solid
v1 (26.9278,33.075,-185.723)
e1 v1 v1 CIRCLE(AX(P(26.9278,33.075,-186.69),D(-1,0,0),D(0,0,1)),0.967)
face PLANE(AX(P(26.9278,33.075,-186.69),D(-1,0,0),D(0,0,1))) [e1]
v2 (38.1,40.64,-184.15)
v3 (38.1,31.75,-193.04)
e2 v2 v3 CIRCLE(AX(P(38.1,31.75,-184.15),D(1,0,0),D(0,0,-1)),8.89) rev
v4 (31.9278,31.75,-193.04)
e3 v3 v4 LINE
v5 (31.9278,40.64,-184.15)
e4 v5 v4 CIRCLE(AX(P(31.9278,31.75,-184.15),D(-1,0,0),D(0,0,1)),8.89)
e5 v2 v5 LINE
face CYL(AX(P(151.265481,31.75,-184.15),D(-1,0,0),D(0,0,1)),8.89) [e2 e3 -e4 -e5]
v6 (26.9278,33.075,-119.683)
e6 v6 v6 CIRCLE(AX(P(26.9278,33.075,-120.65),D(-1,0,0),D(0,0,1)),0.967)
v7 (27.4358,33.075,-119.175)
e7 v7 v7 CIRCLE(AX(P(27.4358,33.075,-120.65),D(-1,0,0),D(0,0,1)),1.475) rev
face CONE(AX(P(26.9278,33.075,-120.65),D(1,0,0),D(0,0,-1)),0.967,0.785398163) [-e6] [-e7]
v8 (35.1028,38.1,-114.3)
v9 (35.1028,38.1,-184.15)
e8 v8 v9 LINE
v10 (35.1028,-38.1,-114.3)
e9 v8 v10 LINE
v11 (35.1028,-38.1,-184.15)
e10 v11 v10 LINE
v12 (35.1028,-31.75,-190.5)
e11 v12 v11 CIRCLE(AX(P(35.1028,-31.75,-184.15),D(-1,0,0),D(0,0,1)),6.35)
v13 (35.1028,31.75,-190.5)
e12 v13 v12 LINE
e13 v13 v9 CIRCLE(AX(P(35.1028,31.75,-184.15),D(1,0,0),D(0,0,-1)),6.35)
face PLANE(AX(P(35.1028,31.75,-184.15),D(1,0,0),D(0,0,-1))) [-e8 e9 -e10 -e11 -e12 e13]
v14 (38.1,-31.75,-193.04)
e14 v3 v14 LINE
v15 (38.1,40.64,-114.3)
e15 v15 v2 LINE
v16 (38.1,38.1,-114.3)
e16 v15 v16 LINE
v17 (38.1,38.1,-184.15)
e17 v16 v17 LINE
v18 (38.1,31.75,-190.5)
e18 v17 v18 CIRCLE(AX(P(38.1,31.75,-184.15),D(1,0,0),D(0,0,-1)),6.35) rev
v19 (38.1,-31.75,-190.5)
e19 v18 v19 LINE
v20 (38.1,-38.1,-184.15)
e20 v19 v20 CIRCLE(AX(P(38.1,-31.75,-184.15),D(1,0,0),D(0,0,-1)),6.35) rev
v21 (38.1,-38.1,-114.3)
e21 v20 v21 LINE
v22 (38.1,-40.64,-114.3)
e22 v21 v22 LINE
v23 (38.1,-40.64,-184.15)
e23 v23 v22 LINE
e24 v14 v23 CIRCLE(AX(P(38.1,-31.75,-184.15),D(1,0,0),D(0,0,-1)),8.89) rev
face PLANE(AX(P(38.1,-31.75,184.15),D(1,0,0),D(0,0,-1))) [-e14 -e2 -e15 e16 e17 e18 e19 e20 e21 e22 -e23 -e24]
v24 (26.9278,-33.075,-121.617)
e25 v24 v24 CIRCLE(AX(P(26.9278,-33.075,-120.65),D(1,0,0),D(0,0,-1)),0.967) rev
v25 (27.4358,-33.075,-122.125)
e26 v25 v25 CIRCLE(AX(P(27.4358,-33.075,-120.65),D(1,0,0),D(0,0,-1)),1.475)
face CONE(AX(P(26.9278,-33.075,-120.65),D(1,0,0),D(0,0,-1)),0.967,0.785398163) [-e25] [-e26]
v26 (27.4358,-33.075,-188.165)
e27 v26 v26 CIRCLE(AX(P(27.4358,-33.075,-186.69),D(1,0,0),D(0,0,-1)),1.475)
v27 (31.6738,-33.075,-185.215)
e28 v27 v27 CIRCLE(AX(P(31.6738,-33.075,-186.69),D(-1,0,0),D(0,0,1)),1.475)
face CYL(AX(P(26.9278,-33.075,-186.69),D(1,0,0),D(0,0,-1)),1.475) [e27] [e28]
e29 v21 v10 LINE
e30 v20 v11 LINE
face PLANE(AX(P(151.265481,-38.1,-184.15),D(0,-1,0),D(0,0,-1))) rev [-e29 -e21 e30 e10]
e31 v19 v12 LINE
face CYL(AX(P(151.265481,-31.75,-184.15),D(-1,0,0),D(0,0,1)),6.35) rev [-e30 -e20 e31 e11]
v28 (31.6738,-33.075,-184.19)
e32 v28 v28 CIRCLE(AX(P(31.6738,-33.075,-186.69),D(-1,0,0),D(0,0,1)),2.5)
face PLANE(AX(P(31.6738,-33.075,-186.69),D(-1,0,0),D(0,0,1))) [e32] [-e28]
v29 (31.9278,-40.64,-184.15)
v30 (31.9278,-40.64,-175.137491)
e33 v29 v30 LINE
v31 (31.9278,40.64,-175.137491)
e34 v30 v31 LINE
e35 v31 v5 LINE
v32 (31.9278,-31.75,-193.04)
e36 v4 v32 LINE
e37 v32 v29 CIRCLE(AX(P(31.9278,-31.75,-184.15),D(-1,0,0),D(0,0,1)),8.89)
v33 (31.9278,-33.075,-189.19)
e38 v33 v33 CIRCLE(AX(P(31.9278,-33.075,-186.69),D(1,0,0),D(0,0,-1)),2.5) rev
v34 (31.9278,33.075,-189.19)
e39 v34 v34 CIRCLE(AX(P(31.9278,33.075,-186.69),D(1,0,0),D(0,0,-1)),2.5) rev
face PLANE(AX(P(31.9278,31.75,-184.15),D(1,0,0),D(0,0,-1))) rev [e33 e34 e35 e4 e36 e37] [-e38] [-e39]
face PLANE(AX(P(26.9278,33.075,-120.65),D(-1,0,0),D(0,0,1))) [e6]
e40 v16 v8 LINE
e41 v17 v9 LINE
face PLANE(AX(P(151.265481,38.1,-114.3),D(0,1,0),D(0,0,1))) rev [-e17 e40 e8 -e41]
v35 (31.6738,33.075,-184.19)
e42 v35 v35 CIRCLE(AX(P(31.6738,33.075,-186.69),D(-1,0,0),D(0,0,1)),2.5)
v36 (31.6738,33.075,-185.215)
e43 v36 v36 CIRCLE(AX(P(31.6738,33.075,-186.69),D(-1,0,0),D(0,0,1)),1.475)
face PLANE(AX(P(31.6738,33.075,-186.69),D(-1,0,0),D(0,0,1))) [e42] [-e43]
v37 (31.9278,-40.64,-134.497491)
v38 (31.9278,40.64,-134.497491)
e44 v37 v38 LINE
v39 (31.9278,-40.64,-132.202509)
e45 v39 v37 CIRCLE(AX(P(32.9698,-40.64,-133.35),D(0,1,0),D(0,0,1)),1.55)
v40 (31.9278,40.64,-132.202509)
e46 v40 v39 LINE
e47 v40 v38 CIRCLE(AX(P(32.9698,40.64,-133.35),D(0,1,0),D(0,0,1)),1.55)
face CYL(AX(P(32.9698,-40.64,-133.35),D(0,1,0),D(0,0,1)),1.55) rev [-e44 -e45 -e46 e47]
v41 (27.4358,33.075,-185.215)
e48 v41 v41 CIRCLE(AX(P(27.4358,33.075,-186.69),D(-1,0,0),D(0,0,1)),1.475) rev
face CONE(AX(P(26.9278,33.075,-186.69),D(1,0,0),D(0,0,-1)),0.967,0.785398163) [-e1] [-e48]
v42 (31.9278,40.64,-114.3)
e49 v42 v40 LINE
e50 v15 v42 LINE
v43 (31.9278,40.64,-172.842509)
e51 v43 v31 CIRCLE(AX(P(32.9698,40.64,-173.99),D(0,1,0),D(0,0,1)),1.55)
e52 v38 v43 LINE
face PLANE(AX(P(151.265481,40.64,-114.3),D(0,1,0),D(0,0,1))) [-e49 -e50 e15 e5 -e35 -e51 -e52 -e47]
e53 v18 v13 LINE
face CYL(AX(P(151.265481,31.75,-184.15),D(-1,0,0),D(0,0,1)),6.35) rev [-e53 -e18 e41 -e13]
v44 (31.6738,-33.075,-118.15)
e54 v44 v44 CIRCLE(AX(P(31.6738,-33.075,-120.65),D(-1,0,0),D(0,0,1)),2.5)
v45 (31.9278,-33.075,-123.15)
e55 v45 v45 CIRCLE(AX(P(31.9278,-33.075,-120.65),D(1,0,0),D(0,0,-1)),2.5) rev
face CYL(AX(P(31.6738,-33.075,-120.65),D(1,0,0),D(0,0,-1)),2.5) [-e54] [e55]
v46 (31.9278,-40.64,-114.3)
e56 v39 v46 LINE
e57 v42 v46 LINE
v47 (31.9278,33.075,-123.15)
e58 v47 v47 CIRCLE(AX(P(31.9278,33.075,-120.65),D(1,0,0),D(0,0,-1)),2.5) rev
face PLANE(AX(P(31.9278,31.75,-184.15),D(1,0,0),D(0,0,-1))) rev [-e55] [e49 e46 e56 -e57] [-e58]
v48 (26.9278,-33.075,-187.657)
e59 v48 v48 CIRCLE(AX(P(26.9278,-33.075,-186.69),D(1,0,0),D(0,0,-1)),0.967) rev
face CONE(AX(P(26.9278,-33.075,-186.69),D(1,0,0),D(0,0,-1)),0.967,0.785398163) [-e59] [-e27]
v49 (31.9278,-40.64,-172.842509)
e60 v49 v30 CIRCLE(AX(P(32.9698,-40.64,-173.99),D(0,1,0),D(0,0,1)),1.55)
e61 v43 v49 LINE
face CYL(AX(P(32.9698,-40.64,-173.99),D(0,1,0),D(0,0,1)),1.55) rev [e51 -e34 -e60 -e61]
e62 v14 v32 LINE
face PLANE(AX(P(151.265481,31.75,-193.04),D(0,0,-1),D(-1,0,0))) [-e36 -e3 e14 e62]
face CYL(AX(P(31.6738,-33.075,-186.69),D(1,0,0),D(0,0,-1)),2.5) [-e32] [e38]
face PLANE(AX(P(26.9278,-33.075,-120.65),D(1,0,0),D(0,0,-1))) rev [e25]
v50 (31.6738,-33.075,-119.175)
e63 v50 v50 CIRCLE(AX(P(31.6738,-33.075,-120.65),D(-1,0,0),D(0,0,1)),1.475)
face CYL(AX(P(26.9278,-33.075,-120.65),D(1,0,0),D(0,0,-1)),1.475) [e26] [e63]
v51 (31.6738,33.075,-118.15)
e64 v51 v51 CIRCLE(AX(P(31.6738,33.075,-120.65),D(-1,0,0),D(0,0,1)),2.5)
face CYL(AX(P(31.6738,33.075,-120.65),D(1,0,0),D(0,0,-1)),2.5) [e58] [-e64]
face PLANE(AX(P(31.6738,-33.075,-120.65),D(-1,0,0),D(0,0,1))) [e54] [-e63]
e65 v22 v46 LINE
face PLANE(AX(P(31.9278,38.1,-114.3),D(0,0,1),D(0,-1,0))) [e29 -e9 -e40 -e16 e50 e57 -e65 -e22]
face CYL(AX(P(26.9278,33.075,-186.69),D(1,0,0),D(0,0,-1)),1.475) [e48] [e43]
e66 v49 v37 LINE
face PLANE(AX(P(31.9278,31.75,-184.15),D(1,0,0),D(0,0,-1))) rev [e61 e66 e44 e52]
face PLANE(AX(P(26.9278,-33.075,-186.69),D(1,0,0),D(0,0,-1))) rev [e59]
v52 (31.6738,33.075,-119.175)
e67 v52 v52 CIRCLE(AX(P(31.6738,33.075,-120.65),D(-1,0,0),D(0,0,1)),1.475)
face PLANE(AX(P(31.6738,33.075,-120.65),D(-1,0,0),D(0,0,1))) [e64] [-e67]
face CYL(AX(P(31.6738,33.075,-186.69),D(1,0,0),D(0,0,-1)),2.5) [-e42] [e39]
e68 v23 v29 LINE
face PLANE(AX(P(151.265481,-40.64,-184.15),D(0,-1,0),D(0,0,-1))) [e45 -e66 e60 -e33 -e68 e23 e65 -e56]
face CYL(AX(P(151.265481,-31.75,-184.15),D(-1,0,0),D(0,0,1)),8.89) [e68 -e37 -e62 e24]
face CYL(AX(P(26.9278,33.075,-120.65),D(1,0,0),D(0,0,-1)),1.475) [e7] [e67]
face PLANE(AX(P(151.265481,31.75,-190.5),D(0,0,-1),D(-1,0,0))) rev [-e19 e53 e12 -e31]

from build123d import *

# Parameters (mm, degrees)
BOSS_EXTRUDE1_DEPTH = 3.175
EXTRUDE_THIN1_START = -6.1722
EXTRUDE_THIN1_DEPTH = 6.1722
SKETCH5_R           = 1.475
BOSS_EXTRUDE2_DEPTH = 5
SKETCH6_R           = 1.55
CUT_EXTRUDE1_DEPTH  = 213.890793601
CHAMFER1_SIZE       = 0.508
SKETCH7_R           = 2.5
BOSS_EXTRUDE3_DEPTH = 0.254


with BuildPart() as part:
    # Sketch1 → Boss-Extrude1 (new body)
    with BuildSketch(Plane.ZY.offset(-35.1028)):
        with BuildLine():
            Line((-114.3, 38.1), (-114.3, -38.1))
            Line((-114.3, -38.1), (-184.15, -38.1))
            ThreePointArc((-184.15, -38.1), (-188.640128061, -36.240128061), (-190.5, -31.75))
            Line((-190.5, -31.75), (-190.5, 31.75))
            ThreePointArc((-190.5, 31.75), (-188.640128061, 36.240128061), (-184.15, 38.1))
            Line((-184.15, 38.1), (-114.3, 38.1))
        make_face()
    extrude(amount=BOSS_EXTRUDE1_DEPTH)

    # Sketch4 → Extrude-Thin1 (add)
    with BuildSketch(Plane.ZY.offset(-31.9278).offset(EXTRUDE_THIN1_START)):
        with BuildLine():
            Line((-114.3, 38.1), (-184.15, 38.1))
            ThreePointArc((-184.15, 38.1), (-188.640128061, 36.240128061), (-190.5, 31.75))
            Line((-190.5, 31.75), (-190.5, -31.75))
            ThreePointArc((-190.5, -31.75), (-188.640128061, -36.240128061), (-184.15, -38.1))
            Line((-184.15, -38.1), (-114.3, -38.1))
            Line((-114.3, -38.1), (-114.3, -40.64))
            Line((-114.3, -40.64), (-184.15, -40.64))
            ThreePointArc((-184.15, -40.64), (-190.436179285, -38.036179285), (-193.04, -31.75))
            Line((-193.04, -31.75), (-193.04, 31.75))
            ThreePointArc((-193.04, 31.75), (-190.436179285, 38.036179285), (-184.15, 40.64))
            Line((-184.15, 40.64), (-114.3, 40.64))
            Line((-114.3, 40.64), (-114.3, 38.1))
        make_face()
    extrude(amount=EXTRUDE_THIN1_DEPTH)

    # Sketch5 → Boss-Extrude2 (add)
    with BuildSketch(Plane.ZY.offset(-31.9278)):
        with Locations(Location((-186.69, 33.075, 0), (0, 0, 180))):
            Circle(SKETCH5_R)
        with Locations(Location((-120.65, 33.075, 0), (0, 0, 180))):
            Circle(SKETCH5_R)
        with Locations(Location((-120.65, -33.075, 0), (0, 0, 180))):
            Circle(SKETCH5_R)
        with Locations(Location((-186.69, -33.075, 0), (0, 0, 180))):
            Circle(SKETCH5_R)
    extrude(amount=BOSS_EXTRUDE2_DEPTH)

    # Sketch6 → Cut-Extrude1 (cut, through all)
    with BuildSketch(Plane(origin=(0, 40.64, 0), x_dir=(1, 0, 0), z_dir=(0, 1, 0))):
        with Locations((32.9698, 173.99)):
            Circle(SKETCH6_R)
        with Locations((32.9698, 133.35)):
            Circle(SKETCH6_R)
    extrude(amount=-CUT_EXTRUDE1_DEPTH, mode=Mode.SUBTRACT)

    # Chamfer1
    chamfer1_edges = [part.edges().sort_by_distance(p)[0] for p in [
        (26.9278, -33.075, -185.215),
        (26.9278, -33.075, -119.175),
        (26.9278, 33.075, -119.175),
        (26.9278, 33.075, -185.215),
    ]]
    chamfer(chamfer1_edges, length=CHAMFER1_SIZE)

    # Sketch7 → Boss-Extrude3 (add)
    with BuildSketch(Plane.ZY.offset(-31.9278)):
        with Locations(Location((-186.69, 33.075, 0), (0, 0, 180))):
            Circle(SKETCH7_R)
        with Locations(Location((-120.65, 33.075, 0), (0, 0, 180))):
            Circle(SKETCH7_R)
        with Locations(Location((-120.65, -33.075, 0), (0, 0, 180))):
            Circle(SKETCH7_R)
        with Locations(Location((-186.69, -33.075, 0), (0, 0, 180))):
            Circle(SKETCH7_R)
    extrude(amount=BOSS_EXTRUDE3_DEPTH)


solid = part.part
